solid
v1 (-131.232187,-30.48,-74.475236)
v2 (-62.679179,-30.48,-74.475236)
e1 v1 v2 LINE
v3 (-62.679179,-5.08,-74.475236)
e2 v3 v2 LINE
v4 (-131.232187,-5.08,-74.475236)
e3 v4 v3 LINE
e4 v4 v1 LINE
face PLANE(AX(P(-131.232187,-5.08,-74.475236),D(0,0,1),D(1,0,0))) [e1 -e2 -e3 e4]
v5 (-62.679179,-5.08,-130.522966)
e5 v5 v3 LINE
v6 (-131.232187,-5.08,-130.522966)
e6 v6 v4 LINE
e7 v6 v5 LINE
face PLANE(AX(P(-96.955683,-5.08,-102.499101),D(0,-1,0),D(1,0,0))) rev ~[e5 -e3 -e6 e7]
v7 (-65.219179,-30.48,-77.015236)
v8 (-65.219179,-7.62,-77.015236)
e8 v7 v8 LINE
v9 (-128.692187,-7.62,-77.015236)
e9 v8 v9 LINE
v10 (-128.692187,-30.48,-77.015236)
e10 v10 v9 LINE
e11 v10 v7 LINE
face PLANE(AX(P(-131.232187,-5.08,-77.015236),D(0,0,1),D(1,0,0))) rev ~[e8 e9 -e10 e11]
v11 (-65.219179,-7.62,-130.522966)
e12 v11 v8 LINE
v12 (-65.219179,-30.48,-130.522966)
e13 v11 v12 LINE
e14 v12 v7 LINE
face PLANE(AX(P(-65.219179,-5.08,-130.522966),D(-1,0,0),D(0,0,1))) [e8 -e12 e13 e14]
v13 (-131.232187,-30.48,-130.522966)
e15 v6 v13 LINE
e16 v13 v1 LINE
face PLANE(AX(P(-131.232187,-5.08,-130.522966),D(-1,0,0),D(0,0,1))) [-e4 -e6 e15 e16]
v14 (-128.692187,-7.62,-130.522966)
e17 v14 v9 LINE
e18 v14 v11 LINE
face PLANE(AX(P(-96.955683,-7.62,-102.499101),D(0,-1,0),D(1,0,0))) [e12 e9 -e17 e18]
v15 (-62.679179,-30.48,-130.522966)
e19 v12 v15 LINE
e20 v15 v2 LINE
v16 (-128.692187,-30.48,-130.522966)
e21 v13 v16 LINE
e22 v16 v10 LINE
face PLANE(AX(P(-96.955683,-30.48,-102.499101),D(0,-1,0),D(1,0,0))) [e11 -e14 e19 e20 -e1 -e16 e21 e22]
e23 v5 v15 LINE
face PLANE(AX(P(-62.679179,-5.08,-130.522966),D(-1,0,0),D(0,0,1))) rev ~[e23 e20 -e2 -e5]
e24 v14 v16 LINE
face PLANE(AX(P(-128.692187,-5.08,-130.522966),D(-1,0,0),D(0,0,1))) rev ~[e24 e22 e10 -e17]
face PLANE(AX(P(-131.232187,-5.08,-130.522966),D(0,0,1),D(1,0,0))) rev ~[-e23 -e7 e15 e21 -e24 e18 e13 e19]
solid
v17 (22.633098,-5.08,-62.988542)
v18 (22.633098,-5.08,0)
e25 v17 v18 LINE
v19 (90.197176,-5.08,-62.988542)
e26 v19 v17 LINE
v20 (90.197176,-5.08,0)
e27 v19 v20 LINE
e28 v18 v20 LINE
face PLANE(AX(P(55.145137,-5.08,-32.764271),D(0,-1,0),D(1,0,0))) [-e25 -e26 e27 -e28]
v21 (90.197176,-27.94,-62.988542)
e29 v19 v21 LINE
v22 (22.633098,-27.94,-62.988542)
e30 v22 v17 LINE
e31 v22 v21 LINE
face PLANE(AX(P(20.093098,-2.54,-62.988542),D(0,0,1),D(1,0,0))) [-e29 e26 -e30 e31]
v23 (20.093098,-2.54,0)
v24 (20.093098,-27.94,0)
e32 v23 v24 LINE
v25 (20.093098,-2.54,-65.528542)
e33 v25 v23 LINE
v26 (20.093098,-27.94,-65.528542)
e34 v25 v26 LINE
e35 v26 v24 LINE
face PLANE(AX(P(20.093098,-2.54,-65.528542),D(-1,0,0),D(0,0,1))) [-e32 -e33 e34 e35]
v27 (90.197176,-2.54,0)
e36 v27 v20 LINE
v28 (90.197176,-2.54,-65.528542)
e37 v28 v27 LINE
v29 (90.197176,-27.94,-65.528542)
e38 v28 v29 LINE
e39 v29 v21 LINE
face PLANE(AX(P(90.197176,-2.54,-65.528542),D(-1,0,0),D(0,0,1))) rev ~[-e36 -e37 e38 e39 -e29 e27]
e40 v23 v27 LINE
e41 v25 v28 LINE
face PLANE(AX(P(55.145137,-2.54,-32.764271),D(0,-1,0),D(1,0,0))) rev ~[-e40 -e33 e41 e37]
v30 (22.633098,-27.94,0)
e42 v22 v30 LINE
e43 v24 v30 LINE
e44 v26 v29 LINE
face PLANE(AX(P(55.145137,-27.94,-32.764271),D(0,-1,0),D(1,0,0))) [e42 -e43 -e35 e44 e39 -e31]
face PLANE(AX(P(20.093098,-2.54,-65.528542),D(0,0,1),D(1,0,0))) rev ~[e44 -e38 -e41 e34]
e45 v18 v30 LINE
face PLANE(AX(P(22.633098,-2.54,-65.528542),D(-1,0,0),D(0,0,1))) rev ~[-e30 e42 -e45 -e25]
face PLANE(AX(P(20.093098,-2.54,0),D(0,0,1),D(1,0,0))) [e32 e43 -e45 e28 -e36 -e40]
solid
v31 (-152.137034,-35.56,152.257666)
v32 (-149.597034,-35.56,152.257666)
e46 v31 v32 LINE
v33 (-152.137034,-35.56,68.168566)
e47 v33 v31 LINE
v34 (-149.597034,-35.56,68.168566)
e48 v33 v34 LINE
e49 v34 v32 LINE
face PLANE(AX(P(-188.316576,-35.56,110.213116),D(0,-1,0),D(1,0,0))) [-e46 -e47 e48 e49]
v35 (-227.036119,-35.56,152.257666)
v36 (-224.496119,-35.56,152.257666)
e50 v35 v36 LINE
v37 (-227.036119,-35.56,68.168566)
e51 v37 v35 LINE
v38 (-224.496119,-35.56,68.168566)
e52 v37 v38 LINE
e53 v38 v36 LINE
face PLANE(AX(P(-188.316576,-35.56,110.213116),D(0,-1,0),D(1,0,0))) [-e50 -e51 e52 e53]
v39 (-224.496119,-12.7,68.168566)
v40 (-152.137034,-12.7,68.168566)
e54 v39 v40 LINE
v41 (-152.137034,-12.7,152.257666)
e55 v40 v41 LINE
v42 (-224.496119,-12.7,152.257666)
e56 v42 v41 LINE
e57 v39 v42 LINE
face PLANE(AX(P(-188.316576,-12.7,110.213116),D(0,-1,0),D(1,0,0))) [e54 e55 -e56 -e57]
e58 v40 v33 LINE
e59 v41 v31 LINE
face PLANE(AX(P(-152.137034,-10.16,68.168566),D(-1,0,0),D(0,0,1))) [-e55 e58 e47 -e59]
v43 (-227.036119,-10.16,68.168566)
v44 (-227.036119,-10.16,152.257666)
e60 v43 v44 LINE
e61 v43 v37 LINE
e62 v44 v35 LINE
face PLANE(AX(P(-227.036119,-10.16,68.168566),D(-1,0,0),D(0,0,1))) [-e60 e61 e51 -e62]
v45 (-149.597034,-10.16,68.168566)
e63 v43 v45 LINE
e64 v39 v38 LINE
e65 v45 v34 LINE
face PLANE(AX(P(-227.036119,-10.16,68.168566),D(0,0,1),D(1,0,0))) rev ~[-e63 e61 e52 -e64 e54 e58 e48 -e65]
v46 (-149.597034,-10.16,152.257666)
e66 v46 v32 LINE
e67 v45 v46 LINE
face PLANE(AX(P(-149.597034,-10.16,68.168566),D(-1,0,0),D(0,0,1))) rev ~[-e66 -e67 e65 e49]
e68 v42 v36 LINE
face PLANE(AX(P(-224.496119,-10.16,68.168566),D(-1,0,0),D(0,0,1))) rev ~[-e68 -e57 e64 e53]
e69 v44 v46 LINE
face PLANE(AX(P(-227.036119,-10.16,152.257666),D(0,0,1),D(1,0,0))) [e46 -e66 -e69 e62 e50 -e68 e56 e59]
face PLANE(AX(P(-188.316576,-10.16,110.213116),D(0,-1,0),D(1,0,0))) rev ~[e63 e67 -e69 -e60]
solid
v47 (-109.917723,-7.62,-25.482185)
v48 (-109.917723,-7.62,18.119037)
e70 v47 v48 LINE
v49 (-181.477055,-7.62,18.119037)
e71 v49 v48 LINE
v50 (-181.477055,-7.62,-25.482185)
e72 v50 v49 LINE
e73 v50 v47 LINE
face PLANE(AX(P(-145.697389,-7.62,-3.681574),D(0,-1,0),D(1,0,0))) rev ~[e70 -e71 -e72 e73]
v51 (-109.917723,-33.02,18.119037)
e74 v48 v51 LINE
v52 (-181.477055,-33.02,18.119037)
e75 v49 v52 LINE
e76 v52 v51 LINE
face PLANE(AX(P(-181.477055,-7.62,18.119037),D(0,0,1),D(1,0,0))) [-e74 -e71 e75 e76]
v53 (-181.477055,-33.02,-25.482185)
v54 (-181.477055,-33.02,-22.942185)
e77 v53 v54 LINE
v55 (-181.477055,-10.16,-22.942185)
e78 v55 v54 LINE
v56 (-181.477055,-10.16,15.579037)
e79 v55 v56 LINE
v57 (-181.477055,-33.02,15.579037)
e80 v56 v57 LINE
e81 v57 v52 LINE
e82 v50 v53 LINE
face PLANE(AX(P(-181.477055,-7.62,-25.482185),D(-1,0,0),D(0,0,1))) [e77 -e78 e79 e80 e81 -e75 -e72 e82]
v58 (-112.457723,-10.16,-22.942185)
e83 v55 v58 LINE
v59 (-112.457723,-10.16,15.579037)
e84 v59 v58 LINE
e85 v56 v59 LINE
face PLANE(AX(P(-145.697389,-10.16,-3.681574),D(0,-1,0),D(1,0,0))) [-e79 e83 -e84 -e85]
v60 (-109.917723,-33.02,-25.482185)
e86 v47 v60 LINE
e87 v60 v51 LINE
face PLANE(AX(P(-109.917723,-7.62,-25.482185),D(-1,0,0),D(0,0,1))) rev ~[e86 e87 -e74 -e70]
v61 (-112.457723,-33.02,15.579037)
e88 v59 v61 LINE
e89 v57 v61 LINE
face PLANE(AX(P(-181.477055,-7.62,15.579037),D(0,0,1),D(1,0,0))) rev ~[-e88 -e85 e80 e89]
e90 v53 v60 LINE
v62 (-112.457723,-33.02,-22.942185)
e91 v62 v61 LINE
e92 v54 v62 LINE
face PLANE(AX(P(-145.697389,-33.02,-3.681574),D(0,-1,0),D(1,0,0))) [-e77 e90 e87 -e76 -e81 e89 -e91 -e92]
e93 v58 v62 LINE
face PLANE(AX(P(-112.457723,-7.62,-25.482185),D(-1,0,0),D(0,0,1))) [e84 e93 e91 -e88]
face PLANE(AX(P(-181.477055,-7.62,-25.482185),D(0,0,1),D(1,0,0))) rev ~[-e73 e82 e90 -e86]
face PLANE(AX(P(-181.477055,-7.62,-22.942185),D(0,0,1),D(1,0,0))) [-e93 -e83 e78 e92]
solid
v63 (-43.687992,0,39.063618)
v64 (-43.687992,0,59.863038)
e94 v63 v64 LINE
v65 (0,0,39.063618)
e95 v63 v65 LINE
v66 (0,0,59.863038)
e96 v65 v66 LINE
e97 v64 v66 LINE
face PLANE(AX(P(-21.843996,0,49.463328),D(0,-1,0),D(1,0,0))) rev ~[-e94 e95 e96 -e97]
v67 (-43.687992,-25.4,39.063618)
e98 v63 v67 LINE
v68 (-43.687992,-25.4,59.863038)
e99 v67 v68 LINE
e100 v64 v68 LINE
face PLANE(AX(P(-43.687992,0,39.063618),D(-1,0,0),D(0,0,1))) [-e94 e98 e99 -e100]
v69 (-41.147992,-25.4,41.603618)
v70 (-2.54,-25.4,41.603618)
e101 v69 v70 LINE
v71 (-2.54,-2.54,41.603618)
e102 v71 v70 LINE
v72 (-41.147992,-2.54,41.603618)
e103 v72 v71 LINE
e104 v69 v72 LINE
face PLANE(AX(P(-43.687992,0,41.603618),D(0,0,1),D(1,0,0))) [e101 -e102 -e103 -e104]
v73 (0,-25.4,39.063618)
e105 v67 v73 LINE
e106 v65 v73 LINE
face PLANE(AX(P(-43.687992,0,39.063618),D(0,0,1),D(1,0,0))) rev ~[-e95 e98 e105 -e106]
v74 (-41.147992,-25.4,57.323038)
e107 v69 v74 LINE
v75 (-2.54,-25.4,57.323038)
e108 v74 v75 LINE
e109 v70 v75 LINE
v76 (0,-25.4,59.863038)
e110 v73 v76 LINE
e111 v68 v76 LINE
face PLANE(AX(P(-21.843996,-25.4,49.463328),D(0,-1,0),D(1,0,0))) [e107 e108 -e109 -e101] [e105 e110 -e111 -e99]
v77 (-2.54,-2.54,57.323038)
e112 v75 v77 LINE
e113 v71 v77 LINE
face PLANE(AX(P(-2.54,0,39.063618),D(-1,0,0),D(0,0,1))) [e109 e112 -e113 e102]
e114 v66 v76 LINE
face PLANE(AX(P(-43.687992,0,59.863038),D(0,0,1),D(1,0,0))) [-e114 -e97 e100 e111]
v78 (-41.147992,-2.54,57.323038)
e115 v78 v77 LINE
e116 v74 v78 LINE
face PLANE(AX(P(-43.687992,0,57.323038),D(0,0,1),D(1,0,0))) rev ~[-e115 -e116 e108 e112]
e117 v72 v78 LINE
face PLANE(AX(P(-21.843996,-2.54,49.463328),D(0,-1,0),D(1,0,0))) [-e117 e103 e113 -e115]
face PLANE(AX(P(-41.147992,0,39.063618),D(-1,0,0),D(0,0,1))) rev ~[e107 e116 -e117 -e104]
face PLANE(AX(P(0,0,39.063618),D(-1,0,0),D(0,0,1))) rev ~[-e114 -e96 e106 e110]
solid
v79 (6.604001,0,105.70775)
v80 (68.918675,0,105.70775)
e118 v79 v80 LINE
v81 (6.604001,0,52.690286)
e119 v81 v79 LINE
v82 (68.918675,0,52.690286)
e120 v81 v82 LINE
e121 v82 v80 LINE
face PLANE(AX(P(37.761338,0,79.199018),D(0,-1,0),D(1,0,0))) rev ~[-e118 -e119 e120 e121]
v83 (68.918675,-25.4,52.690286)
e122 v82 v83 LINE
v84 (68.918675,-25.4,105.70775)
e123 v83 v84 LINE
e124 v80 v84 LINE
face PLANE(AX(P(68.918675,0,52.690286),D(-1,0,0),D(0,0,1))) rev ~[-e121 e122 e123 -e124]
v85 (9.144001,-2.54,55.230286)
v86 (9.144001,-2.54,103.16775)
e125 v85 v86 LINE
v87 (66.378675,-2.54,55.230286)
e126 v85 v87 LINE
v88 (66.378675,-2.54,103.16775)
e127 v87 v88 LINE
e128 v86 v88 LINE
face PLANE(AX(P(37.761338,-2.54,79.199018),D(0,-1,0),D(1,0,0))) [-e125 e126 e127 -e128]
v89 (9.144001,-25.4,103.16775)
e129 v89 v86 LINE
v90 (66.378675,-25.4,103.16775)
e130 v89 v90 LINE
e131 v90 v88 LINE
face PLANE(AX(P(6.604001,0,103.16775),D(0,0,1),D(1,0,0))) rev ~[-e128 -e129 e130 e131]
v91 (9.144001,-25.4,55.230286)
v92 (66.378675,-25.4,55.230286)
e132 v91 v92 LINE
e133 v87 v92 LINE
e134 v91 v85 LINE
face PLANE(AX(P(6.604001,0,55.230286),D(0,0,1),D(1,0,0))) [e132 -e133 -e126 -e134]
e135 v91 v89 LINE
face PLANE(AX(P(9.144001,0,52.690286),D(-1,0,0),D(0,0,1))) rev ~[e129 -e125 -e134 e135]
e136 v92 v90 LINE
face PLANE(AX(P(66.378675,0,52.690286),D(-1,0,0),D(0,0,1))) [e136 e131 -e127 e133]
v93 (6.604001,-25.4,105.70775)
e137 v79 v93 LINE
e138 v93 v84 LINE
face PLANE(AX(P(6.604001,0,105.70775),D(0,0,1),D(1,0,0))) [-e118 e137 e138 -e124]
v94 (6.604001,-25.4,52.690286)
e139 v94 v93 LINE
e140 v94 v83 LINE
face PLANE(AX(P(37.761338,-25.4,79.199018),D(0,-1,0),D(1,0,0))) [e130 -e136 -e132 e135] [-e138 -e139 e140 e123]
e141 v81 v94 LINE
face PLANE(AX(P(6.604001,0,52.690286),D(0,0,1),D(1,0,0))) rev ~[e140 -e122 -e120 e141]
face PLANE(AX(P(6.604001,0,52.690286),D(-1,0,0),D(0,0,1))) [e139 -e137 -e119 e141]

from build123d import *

# Parameters (mm, degrees)
F0_W      = 43.6879917979
F0_H      = 20.799420774
F1_DEPTH  = 25.4
F0_W_2    = 62.3146742582
F0_H_2    = 53.0174635351
F11_T     = -2.54
F11_2_T   = -2.54
F2_W      = 70.1040774584
F2_H      = 65.5285418034
F3_DEPTH  = 25.4
F4_T      = -2.54
F5_W      = 68.5530081391
F5_H      = 56.0477301478
F6_DEPTH  = 25.4
F7_T      = -2.54
F8_W      = 71.5593323112
F8_H      = 43.6012223363
F12_DEPTH = 25.4
F13_T     = -2.54
F9_W      = 77.4390846491
F9_H      = 84.0891003609
F10_DEPTH = 25.4
F14_T     = -2.54


with BuildPart() as f1:
    # F0 (on Front) → F1 (new body)
    with BuildSketch(Plane.XZ):
        with Locations((-21.843995899, 49.4633279741)):
            Rectangle(F0_W, F0_H)
    extrude(amount=F1_DEPTH)

    # F11#2
    f11_2_openings = [f1.faces().sort_by_distance(p)[0] for p in [
        (-21.843996, -25.4, 49.463328),
    ]]
    offset(amount=F11_2_T, openings=f11_2_openings)


with BuildPart() as f1b:
    # F0 (on Front) → F1, piece 2 (new body)
    with BuildSketch(Plane.XZ):
        with Locations((37.7613380551, 79.1990179569)):
            Rectangle(F0_W_2, F0_H_2)
    extrude(amount=F1_DEPTH)

    # F11
    f11_openings = [f1b.faces().sort_by_distance(p)[0] for p in [
        (37.761338, -25.4, 79.199018),
    ]]
    offset(amount=F11_T, openings=f11_openings)


with BuildPart() as f3:
    # F2 (on face) → F3 (new body)
    with BuildSketch(Plane.XZ.offset(2.54)):
        with Locations((55.145137012, -32.7642709017)):
            Rectangle(F2_W, F2_H)
    extrude(amount=F3_DEPTH)

    # F4
    f4_openings = [f3.faces().sort_by_distance(p)[0] for p in [
        (90.197176, -15.24, -32.764271),
        (55.145137, -15.24, 0),
        (55.145137, -27.94, -32.764271),
    ]]
    offset(amount=F4_T, openings=f4_openings)


with BuildPart() as f6:
    # F5 (on face) → F6 (new body)
    with BuildSketch(Plane.XZ.offset(5.08)):
        with Locations((-96.9556830823, -102.499101311)):
            Rectangle(F5_W, F5_H)
    extrude(amount=F6_DEPTH)

    # F7
    f7_openings = [f6.faces().sort_by_distance(p)[0] for p in [
        (-96.955683, -30.48, -102.499101),
        (-96.955683, -17.78, -130.522966),
    ]]
    offset(amount=F7_T, openings=f7_openings)


with BuildPart() as f12:
    # F8 (on face) → F12 (new body)
    with BuildSketch(Plane.XZ.offset(7.62)):
        with Locations((-145.697388798, -3.6815740168)):
            Rectangle(F8_W, F8_H)
    extrude(amount=F12_DEPTH)

    # F13
    f13_openings = [f12.faces().sort_by_distance(p)[0] for p in [
        (-181.477055, -20.32, -3.681574),
        (-145.697389, -33.02, -3.681574),
    ]]
    offset(amount=F13_T, openings=f13_openings)


with BuildPart() as f10:
    # F9 (on face) → F10 (new body)
    with BuildSketch(Plane.XZ.offset(10.16)):
        with Locations((-188.3165761828, 110.2131158113)):
            Rectangle(F9_W, F9_H)
    extrude(amount=F10_DEPTH)

    # F14
    f14_openings = [f10.faces().sort_by_distance(p)[0] for p in [
        (-188.316576, -35.56, 110.213116),
        (-188.316576, -22.86, 68.168566),
        (-188.316576, -22.86, 152.257666),
    ]]
    offset(amount=F14_T, openings=f14_openings)


solid = Compound([f1.part, f1b.part, f3.part, f6.part, f12.part, f10.part])
